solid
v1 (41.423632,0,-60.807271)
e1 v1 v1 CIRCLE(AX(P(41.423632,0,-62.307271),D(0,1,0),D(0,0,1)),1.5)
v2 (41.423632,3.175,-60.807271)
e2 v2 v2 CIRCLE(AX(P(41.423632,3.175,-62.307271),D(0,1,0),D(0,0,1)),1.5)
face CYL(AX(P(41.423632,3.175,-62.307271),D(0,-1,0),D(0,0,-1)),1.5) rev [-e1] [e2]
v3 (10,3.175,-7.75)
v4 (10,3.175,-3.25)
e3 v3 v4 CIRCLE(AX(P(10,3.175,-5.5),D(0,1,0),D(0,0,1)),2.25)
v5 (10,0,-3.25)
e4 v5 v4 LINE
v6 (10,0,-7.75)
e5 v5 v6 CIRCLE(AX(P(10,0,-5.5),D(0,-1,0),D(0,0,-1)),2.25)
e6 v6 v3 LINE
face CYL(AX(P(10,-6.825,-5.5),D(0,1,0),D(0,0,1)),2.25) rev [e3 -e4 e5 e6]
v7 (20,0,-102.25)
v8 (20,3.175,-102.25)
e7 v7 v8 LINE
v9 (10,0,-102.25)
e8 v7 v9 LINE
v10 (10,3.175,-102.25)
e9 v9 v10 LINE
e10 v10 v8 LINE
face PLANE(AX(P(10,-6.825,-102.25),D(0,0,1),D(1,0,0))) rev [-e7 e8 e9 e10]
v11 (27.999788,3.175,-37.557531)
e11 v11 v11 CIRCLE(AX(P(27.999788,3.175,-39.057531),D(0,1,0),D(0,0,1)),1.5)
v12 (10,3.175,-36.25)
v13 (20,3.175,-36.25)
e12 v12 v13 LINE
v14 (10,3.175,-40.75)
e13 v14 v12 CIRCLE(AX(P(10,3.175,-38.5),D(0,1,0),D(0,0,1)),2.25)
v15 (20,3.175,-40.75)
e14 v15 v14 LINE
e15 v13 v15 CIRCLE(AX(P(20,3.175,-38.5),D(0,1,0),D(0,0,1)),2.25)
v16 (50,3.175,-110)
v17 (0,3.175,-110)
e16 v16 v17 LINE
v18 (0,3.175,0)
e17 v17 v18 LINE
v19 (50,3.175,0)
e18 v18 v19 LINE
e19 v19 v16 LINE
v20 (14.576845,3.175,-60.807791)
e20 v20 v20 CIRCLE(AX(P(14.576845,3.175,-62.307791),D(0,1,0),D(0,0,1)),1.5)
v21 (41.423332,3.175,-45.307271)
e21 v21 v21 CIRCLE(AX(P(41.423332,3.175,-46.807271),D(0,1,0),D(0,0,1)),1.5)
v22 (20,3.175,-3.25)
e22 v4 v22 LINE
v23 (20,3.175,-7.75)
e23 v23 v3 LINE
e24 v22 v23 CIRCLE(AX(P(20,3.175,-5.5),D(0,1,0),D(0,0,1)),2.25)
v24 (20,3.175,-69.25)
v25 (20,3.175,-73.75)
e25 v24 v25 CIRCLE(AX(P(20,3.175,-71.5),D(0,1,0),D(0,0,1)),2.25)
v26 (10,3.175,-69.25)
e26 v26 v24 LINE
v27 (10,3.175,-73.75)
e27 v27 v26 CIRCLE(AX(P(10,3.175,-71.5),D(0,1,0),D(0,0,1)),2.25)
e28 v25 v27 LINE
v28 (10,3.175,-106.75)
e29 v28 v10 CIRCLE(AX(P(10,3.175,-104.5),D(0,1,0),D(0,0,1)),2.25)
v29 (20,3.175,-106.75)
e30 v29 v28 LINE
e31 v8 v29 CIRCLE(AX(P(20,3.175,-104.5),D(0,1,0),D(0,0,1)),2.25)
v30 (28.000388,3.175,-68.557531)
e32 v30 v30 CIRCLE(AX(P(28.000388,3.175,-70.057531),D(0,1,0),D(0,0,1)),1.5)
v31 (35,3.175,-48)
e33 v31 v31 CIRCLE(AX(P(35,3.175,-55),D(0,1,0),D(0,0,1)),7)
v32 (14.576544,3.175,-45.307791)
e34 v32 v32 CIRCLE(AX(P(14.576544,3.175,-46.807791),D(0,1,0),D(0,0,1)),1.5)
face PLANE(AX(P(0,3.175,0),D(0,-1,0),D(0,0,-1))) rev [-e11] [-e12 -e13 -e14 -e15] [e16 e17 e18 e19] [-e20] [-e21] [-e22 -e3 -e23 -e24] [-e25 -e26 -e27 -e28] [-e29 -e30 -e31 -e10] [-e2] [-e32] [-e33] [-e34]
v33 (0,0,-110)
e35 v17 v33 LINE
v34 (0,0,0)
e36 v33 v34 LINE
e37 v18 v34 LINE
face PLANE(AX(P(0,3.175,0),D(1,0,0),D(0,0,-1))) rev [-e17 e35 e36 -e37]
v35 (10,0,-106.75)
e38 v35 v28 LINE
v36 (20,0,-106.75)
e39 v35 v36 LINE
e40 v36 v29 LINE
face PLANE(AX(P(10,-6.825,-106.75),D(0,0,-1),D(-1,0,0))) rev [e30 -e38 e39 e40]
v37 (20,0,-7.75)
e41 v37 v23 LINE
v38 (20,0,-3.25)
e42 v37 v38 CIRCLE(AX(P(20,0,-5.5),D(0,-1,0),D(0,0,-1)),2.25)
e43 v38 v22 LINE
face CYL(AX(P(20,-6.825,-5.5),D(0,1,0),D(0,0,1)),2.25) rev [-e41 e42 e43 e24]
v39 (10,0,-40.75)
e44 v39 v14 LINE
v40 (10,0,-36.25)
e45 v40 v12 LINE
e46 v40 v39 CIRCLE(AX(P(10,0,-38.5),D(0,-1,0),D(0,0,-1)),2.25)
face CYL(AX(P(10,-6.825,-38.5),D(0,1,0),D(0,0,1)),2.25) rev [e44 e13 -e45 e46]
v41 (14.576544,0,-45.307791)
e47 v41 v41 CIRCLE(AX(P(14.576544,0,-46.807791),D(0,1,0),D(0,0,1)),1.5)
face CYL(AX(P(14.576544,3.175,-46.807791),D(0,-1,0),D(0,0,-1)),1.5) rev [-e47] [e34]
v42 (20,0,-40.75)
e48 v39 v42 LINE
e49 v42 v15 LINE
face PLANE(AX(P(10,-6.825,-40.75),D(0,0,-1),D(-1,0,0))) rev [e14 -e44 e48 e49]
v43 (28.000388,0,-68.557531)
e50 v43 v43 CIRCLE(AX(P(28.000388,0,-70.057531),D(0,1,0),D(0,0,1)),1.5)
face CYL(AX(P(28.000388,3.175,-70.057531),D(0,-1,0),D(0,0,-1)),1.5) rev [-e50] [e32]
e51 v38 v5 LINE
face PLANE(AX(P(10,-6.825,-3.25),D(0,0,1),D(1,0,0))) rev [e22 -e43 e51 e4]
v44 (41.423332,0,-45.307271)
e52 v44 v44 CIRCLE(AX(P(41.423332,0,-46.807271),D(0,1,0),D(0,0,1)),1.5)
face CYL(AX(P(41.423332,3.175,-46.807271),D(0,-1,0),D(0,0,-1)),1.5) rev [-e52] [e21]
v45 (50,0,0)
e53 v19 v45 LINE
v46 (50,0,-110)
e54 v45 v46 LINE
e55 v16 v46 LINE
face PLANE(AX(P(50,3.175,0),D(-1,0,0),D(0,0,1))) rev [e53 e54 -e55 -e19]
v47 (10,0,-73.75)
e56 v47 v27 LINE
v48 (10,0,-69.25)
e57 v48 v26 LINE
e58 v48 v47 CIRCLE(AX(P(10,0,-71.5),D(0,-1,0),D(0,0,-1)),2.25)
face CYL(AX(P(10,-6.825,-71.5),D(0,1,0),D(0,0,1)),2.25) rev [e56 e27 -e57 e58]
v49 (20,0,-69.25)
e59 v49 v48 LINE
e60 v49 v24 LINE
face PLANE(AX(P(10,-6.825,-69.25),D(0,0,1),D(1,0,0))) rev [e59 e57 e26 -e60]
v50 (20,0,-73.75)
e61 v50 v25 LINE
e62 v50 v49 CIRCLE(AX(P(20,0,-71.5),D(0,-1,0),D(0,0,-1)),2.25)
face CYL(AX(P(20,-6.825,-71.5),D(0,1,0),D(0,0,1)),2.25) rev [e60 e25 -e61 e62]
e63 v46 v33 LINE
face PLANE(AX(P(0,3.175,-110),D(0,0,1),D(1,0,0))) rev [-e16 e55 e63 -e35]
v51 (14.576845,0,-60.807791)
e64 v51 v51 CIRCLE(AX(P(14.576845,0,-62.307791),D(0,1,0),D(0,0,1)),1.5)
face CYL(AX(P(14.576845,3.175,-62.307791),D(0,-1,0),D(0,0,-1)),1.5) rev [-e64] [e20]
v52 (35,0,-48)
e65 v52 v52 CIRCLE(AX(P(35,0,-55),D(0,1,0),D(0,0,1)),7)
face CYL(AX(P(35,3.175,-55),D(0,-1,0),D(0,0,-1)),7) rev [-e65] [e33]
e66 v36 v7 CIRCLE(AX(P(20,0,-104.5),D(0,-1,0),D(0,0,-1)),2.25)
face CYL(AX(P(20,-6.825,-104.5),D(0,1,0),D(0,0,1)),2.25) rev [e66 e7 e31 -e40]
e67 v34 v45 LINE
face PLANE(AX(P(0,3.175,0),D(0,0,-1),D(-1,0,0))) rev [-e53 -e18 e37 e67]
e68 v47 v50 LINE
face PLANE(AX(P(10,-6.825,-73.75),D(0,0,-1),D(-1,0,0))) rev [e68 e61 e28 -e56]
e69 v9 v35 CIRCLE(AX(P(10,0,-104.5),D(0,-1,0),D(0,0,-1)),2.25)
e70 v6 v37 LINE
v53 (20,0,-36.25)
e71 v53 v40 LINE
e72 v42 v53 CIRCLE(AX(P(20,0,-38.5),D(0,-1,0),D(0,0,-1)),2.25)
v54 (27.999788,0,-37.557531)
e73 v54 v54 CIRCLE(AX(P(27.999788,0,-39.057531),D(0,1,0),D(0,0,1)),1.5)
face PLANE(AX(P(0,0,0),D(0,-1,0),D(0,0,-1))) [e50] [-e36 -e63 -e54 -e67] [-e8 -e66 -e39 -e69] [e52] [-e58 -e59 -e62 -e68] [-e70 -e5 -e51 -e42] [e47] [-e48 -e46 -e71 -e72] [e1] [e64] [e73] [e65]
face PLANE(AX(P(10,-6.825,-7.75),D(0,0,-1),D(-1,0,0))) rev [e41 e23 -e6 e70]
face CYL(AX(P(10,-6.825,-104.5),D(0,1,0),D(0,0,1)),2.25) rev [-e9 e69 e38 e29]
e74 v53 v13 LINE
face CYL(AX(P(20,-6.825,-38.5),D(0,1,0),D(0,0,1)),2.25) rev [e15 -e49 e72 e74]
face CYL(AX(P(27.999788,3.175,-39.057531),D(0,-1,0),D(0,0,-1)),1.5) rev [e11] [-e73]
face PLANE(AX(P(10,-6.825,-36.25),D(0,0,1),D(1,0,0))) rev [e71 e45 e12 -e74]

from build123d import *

# Parameters (mm, degrees)
SKETCH1_W           = 50
SKETCH1_H           = 110
SKETCH1_R           = 7
SKETCH1_R_2         = 1.5
BOSS_EXTRUDE1_DEPTH = 3.175
CUT_EXTRUDE1_DEPTH  = 10


with BuildPart() as part:
    # Sketch1 → Boss-Extrude1 (new body)
    with BuildSketch(Plane(origin=(0, 0, 0), x_dir=(1, 0, 0), z_dir=(0, 1, 0))):
        with Locations((25, 55)):
            Rectangle(SKETCH1_W, SKETCH1_H)
        with Locations(Location((35, 55, 0), (0, 0, 270))):
            Circle(SKETCH1_R, mode=Mode.SUBTRACT)
        with Locations(Location((41.423632142, 62.307271214, 0), (0, 0, 270))):
            Circle(SKETCH1_R_2, mode=Mode.SUBTRACT)
        with Locations(Location((41.423331921, 46.807271217, 0), (0, 0, 270))):
            Circle(SKETCH1_R_2, mode=Mode.SUBTRACT)
        with Locations(Location((27.999788054, 39.057531217, 0), (0, 0, 270))):
            Circle(SKETCH1_R_2, mode=Mode.SUBTRACT)
        with Locations(Location((14.576544409, 46.807791215, 0), (0, 0, 270))):
            Circle(SKETCH1_R_2, mode=Mode.SUBTRACT)
        with Locations(Location((14.57684463, 62.307791212, 0), (0, 0, 270))):
            Circle(SKETCH1_R_2, mode=Mode.SUBTRACT)
        with Locations(Location((28.000388497, 70.057531211, 0), (0, 0, 270))):
            Circle(SKETCH1_R_2, mode=Mode.SUBTRACT)
    extrude(amount=BOSS_EXTRUDE1_DEPTH)

    # Sketch2 → Cut-Extrude1 (cut)
    with BuildSketch(Plane(origin=(0, 3.175, 0), x_dir=(1, 0, 0), z_dir=(0, 1, 0))):
        with BuildLine():
            Line((10, 3.25), (20, 3.25))
            ThreePointArc((20, 3.25), (22.25, 5.5), (20, 7.75))
            Line((20, 7.75), (10, 7.75))
            ThreePointArc((10, 7.75), (7.75, 5.5), (10, 3.25))
        make_face()
        with BuildLine():
            Line((10, 36.25), (20, 36.25))
            ThreePointArc((20, 36.25), (22.25, 38.5), (20, 40.75))
            Line((20, 40.75), (10, 40.75))
            ThreePointArc((10, 40.75), (7.75, 38.5), (10, 36.25))
        make_face()
        with BuildLine():
            Line((10, 69.25), (20, 69.25))
            ThreePointArc((20, 69.25), (22.25, 71.5), (20, 73.75))
            Line((20, 73.75), (10, 73.75))
            ThreePointArc((10, 73.75), (7.75, 71.5), (10, 69.25))
        make_face()
        with BuildLine():
            Line((10, 102.25), (20, 102.25))
            ThreePointArc((20, 102.25), (22.25, 104.5), (20, 106.75))
            Line((20, 106.75), (10, 106.75))
            ThreePointArc((10, 106.75), (7.75, 104.5), (10, 102.25))
        make_face()
    extrude(amount=-CUT_EXTRUDE1_DEPTH, mode=Mode.SUBTRACT)


solid = part.part
